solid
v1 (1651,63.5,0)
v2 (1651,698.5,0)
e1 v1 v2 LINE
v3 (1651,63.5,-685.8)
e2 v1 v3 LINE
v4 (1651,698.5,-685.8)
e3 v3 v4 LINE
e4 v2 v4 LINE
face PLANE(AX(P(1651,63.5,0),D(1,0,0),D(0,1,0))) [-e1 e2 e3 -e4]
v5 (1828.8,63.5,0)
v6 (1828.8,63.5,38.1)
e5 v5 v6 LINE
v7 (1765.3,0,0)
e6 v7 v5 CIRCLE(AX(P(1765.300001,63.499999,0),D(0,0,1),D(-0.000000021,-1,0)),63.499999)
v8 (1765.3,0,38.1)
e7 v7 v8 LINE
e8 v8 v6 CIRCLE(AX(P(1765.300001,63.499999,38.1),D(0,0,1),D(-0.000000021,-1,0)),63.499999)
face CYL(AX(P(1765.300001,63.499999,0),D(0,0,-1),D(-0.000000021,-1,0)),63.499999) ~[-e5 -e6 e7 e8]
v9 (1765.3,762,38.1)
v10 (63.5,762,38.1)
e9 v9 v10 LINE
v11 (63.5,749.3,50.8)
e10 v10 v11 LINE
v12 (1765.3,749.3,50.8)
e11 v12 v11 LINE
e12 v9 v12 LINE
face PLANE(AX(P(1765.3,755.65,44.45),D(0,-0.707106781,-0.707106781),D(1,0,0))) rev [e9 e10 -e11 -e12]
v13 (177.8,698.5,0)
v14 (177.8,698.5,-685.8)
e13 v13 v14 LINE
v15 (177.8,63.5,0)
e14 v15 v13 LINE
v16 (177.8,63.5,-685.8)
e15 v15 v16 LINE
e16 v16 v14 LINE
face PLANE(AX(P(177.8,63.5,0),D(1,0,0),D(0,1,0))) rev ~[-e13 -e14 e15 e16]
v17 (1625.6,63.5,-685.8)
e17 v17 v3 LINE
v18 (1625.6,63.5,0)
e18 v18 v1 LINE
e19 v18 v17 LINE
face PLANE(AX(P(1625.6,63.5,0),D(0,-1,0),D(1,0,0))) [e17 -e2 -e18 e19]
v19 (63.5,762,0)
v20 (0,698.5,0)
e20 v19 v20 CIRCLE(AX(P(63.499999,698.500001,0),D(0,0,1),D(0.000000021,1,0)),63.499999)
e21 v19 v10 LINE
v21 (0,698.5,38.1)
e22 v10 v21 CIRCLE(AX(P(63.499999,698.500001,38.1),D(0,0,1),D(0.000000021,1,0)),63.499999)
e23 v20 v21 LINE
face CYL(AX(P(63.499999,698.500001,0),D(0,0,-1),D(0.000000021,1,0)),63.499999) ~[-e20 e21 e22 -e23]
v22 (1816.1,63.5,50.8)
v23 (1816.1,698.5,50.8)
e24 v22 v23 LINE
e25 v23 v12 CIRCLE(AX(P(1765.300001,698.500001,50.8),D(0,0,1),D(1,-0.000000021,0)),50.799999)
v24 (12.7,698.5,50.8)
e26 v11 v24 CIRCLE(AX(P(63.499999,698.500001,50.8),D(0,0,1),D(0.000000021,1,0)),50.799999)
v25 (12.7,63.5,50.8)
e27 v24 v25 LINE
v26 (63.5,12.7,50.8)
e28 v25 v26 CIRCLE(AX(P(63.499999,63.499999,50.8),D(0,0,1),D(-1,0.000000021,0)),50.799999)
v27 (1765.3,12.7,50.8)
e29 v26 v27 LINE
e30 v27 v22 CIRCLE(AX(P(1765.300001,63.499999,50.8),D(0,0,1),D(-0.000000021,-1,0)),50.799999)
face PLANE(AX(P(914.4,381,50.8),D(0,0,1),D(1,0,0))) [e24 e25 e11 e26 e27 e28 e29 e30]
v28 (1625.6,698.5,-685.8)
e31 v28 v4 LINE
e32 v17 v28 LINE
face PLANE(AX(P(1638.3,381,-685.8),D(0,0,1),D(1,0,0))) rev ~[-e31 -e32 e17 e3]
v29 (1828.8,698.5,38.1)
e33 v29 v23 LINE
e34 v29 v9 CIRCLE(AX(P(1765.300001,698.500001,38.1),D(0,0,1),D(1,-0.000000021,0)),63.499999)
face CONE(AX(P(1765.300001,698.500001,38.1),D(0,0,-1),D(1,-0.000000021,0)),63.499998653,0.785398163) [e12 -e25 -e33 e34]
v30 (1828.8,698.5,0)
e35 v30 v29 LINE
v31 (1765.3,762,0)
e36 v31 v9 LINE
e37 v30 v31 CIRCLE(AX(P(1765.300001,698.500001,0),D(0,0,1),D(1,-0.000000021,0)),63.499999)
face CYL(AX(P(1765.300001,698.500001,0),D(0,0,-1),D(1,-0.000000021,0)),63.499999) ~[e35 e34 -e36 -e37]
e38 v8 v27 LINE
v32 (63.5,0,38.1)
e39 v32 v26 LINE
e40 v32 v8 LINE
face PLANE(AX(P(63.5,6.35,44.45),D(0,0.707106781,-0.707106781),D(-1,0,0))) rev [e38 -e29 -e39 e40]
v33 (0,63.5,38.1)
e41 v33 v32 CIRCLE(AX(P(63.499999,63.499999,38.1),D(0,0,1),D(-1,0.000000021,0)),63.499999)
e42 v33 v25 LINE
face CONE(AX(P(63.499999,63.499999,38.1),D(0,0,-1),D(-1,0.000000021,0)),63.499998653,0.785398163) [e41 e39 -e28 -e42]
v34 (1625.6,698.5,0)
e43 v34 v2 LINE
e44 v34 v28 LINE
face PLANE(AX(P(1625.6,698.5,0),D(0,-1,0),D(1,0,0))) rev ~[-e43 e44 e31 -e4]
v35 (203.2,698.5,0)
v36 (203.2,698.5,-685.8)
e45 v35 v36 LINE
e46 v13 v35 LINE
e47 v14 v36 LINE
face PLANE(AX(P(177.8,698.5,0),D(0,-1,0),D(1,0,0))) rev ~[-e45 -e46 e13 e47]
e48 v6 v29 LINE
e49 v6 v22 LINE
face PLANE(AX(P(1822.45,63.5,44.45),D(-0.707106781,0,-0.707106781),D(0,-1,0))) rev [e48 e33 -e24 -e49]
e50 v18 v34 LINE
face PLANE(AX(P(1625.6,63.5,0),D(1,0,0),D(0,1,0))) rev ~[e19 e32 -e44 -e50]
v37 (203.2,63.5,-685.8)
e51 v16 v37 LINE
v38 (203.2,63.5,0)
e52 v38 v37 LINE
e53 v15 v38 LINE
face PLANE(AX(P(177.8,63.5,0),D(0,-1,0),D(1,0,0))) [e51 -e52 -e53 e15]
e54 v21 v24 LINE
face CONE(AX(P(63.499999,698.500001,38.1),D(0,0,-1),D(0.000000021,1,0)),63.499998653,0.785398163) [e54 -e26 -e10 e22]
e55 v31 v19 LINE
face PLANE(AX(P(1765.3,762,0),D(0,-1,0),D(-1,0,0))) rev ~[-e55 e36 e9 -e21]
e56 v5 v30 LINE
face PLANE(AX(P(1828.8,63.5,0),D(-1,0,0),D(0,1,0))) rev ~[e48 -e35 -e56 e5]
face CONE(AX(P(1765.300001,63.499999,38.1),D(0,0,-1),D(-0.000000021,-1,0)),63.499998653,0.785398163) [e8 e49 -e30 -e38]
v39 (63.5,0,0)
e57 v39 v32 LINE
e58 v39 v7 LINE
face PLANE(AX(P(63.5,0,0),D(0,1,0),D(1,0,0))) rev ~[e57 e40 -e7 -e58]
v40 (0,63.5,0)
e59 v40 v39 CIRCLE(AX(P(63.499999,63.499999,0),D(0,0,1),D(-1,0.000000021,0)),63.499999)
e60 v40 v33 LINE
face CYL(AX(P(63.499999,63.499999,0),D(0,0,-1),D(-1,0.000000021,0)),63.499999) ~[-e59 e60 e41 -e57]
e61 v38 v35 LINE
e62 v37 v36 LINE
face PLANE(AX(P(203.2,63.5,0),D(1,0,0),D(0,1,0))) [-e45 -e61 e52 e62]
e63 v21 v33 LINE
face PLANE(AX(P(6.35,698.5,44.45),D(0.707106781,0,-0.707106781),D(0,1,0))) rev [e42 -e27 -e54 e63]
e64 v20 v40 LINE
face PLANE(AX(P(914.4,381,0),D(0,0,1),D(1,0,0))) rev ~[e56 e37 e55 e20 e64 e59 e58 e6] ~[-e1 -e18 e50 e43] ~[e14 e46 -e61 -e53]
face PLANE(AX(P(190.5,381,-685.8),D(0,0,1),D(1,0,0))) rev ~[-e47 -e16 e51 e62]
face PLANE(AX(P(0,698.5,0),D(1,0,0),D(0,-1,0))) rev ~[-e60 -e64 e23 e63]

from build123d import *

# Parameters (mm, degrees)
F2_DEPTH = 50.8
F3_SIZE  = 12.7
F1_W     = 25.4
F1_H     = 635
F4_DEPTH = 685.8


with BuildPart() as f2:
    # F0 (on Top) → F2 (new body)
    with BuildSketch(Plane.XY):
        with BuildLine():
            ThreePointArc((0, 63.5), (18.598719, 18.598719), (63.5, 0))
            Line((63.5, 0), (1765.3, 0))
            ThreePointArc((1765.3, 0), (1810.201281, 18.598719), (1828.8, 63.5))
            Line((1828.8, 63.5), (1828.8, 698.5))
            ThreePointArc((1828.8, 698.5), (1810.201281, 743.401281), (1765.3, 762))
            Line((1765.3, 762), (63.5, 762))
            ThreePointArc((63.5, 762), (18.598719, 743.401281), (0, 698.5))
            Line((0, 698.5), (0, 63.5))
        make_face()
    extrude(amount=F2_DEPTH)

    # F3
    f3_edges = [f2.edges().sort_by_distance(p)[0] for p in [
        (0, 381, 50.8),
    ]]
    chamfer(f3_edges, length=F3_SIZE)

    # F1 (on Top) → F4 (join)
    with BuildSketch(Plane.XY):
        with Locations((190.5, 381)):
            Rectangle(F1_W, F1_H)
        with Locations((1638.3, 381)):
            Rectangle(F1_W, F1_H)
    extrude(amount=-F4_DEPTH)


solid = f2.part
